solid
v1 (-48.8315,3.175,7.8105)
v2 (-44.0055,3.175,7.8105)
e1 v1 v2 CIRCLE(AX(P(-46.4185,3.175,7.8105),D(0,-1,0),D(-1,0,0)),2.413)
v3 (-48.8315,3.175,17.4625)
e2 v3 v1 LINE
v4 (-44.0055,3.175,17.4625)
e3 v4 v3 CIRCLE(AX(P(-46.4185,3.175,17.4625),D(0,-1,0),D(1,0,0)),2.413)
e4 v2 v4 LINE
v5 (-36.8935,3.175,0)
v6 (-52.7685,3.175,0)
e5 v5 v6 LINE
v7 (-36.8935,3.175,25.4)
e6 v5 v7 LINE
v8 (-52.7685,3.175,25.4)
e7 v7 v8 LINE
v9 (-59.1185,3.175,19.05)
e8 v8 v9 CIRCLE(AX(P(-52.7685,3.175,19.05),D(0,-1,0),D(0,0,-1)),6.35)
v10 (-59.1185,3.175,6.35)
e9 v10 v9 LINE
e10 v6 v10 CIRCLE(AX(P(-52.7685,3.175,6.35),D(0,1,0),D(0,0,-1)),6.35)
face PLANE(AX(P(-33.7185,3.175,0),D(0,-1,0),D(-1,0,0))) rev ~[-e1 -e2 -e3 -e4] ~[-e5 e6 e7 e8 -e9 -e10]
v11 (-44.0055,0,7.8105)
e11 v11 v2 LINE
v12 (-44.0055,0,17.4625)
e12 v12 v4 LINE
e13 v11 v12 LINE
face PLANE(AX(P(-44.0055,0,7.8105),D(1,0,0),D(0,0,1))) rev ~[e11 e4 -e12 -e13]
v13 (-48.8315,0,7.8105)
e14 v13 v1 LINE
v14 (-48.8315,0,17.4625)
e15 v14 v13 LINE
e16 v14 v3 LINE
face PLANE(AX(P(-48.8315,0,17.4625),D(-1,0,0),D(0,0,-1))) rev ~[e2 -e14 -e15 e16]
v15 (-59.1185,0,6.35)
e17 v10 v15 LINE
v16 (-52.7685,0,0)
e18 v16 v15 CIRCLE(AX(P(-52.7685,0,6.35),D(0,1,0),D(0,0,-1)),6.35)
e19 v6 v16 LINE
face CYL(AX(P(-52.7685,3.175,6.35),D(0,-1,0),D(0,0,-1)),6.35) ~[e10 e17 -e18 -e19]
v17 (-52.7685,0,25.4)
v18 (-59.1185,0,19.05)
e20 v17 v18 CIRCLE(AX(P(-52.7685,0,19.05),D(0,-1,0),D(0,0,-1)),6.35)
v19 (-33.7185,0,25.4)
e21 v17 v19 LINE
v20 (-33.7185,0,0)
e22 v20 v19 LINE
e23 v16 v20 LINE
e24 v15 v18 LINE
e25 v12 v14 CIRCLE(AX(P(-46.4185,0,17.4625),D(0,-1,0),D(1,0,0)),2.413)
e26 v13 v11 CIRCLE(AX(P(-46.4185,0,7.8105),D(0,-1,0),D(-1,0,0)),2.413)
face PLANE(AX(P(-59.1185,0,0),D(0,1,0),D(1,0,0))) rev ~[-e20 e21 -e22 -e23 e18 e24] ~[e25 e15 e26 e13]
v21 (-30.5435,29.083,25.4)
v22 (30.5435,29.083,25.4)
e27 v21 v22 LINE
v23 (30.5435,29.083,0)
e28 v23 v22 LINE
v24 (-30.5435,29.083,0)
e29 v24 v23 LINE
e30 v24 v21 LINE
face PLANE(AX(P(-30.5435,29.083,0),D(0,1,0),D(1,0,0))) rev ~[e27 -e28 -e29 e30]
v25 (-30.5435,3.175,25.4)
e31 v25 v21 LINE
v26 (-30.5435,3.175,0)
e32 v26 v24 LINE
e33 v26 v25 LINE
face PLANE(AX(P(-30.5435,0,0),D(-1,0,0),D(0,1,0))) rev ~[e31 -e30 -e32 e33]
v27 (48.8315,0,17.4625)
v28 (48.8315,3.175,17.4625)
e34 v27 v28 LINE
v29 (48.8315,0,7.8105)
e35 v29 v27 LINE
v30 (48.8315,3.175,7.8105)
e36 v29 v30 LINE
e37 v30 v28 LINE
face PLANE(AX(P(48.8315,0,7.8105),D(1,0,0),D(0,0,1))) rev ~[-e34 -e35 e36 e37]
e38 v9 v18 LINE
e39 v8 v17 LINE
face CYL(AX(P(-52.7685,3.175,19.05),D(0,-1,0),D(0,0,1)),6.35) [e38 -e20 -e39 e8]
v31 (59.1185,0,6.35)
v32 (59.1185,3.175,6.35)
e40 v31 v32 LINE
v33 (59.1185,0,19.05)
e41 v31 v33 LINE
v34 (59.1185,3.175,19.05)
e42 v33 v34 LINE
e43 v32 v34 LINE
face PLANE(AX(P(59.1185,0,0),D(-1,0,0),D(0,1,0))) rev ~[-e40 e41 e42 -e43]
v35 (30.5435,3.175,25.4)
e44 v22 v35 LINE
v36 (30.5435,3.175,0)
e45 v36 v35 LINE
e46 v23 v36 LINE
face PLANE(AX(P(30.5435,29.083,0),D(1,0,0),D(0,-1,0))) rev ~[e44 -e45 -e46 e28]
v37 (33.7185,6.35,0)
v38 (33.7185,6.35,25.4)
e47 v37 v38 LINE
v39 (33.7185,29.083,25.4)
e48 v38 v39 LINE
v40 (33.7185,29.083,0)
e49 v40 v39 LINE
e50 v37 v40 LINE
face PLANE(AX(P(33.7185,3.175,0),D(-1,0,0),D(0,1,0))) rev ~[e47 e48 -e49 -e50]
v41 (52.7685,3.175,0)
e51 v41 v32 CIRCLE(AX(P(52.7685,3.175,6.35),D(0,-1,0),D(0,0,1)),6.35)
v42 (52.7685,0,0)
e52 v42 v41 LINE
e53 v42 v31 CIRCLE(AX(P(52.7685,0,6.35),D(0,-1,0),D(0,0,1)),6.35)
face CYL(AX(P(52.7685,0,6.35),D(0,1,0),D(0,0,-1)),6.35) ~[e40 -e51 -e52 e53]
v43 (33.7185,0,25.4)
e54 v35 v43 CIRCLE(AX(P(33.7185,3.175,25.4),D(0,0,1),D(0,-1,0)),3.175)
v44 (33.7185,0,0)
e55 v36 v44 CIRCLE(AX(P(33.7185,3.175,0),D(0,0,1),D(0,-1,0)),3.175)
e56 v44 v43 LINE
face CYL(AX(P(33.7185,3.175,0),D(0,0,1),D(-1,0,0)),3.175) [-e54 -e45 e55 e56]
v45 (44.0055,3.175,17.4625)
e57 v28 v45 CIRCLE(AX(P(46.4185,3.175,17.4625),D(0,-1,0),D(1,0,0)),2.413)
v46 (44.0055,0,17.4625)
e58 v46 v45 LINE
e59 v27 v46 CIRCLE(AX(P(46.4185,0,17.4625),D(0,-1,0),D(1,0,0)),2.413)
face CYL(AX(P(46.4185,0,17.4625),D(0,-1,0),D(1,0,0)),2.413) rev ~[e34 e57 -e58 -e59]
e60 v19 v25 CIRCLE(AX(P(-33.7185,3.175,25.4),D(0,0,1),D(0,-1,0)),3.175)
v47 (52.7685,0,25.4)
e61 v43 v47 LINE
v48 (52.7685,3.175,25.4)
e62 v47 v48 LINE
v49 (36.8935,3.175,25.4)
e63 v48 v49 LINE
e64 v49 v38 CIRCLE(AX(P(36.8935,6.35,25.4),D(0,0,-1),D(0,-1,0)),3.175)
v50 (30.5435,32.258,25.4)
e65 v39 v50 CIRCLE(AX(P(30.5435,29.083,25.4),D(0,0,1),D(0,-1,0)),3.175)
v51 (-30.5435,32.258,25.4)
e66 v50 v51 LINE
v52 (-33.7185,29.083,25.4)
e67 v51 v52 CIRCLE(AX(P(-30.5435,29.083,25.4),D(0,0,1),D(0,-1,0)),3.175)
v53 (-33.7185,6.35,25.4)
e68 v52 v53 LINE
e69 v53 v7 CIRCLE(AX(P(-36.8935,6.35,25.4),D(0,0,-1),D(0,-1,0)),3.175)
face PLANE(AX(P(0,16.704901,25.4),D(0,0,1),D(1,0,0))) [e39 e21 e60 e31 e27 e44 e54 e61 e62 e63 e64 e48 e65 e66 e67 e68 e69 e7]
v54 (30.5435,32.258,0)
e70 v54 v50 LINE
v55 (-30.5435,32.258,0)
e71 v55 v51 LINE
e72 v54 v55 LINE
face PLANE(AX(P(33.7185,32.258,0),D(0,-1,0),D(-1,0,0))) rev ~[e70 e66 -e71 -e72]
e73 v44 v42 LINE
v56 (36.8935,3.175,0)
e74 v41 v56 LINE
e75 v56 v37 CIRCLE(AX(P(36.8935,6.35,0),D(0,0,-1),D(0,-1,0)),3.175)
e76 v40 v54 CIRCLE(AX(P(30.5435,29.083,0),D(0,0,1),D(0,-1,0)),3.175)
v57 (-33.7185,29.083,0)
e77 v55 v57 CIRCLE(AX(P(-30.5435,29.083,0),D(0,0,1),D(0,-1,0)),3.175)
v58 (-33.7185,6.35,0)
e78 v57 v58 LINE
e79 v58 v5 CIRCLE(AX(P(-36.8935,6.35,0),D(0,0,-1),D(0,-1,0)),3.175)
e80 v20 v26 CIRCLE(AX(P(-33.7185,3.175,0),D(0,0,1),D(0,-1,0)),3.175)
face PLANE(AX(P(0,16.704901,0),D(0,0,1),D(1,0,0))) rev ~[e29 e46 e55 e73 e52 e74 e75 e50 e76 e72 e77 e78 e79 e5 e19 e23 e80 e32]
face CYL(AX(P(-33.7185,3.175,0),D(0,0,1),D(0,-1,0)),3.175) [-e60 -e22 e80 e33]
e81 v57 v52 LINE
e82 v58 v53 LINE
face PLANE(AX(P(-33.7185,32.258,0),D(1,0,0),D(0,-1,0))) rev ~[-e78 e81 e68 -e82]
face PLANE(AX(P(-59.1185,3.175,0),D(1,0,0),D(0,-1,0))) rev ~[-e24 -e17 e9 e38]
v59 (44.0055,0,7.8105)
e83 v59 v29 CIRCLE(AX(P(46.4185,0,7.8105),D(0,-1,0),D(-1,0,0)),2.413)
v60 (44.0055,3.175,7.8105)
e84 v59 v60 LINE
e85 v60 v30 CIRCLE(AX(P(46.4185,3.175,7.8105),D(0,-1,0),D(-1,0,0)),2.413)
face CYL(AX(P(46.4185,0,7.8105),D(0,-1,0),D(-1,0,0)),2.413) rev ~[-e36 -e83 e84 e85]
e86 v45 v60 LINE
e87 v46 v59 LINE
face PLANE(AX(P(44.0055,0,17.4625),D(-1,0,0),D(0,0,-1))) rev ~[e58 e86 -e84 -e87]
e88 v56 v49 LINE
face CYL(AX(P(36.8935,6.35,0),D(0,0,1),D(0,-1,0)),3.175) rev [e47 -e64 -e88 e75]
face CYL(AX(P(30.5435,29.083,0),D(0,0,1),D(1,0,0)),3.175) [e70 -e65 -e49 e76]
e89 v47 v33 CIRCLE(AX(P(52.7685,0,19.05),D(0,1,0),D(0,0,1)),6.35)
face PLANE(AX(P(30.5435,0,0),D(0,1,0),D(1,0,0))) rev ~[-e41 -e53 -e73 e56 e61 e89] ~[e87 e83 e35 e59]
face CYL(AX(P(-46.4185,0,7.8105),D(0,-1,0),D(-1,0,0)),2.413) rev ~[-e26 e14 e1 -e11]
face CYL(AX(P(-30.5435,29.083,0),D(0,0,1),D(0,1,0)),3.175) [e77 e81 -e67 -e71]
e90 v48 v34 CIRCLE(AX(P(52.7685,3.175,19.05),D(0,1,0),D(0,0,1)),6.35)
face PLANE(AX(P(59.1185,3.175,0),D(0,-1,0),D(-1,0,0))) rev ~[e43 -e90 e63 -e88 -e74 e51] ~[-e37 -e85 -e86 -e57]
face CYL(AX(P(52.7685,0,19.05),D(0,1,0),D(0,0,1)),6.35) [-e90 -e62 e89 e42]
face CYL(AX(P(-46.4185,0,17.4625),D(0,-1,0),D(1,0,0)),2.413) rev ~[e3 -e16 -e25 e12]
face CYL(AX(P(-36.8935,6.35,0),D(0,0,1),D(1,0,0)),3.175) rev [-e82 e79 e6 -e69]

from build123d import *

# Parameters (mm, degrees)
F1_DEPTH = 25.4
F2_R     = 3.175
F4_DEPTH = 32.259
F5_R     = 6.35
F6_R     = 3.175


with BuildPart() as f1:
    # F0 (on Top) → F1 (new body)
    with BuildSketch(Plane.XY):
        Polygon((-30.5435, 29.083), (0, 29.083), (30.5435, 29.083), (30.5435, 0), (59.1185, 0), (59.1185, 3.175), (33.7185, 3.175), (33.7185, 32.258), (0, 32.258), (-33.7185, 32.258), (-33.7185, 3.175), (-59.1185, 3.175), (-59.1185, 0), (-30.5435, 0), align=None)
    extrude(amount=F1_DEPTH)

    # F2
    f2_edges = [f1.edges().sort_by_distance(p)[0] for p in [
        (-30.5435, 0, 12.7),
        (30.5435, 0, 12.7),
    ]]
    fillet(f2_edges, radius=F2_R)

    # F3 (on Front) → F4 (cut, through all)
    with BuildSketch(Plane.XZ):
        with BuildLine():
            ThreePointArc((-48.8315, 7.8105), (-46.4185, 5.3975), (-44.0055, 7.8105))
            Line((-44.0055, 7.8105), (-44.0055, 17.4625))
            ThreePointArc((-44.0055, 17.4625), (-46.4185, 19.8755), (-48.8315, 17.4625))
            Line((-48.8315, 17.4625), (-48.8315, 7.8105))
        make_face()
        with BuildLine():
            Line((44.0055, 17.4625), (44.0055, 7.8105))
            ThreePointArc((44.0055, 7.8105), (46.4185, 5.3975), (48.8315, 7.8105))
            Line((48.8315, 7.8105), (48.8315, 17.4625))
            ThreePointArc((48.8315, 17.4625), (46.4185, 19.8755), (44.0055, 17.4625))
        make_face()
    extrude(amount=-F4_DEPTH, mode=Mode.SUBTRACT)

    # F5
    f5_edges = [f1.edges().sort_by_distance(p)[0] for p in [
        (-59.1185, 1.5875, 0),
        (-59.1185, 1.5875, 25.4),
        (59.1185, 1.5875, 25.4),
        (59.1185, 1.5875, 0),
    ]]
    fillet(f5_edges, radius=F5_R)

    # F6
    f6_edges = [f1.edges().sort_by_distance(p)[0] for p in [
        (-33.7185, 3.175, 12.7),
        (-33.7185, 32.258, 12.7),
        (33.7185, 32.258, 12.7),
        (33.7185, 3.175, 12.7),
    ]]
    fillet(f6_edges, radius=F6_R)


solid = f1.part
